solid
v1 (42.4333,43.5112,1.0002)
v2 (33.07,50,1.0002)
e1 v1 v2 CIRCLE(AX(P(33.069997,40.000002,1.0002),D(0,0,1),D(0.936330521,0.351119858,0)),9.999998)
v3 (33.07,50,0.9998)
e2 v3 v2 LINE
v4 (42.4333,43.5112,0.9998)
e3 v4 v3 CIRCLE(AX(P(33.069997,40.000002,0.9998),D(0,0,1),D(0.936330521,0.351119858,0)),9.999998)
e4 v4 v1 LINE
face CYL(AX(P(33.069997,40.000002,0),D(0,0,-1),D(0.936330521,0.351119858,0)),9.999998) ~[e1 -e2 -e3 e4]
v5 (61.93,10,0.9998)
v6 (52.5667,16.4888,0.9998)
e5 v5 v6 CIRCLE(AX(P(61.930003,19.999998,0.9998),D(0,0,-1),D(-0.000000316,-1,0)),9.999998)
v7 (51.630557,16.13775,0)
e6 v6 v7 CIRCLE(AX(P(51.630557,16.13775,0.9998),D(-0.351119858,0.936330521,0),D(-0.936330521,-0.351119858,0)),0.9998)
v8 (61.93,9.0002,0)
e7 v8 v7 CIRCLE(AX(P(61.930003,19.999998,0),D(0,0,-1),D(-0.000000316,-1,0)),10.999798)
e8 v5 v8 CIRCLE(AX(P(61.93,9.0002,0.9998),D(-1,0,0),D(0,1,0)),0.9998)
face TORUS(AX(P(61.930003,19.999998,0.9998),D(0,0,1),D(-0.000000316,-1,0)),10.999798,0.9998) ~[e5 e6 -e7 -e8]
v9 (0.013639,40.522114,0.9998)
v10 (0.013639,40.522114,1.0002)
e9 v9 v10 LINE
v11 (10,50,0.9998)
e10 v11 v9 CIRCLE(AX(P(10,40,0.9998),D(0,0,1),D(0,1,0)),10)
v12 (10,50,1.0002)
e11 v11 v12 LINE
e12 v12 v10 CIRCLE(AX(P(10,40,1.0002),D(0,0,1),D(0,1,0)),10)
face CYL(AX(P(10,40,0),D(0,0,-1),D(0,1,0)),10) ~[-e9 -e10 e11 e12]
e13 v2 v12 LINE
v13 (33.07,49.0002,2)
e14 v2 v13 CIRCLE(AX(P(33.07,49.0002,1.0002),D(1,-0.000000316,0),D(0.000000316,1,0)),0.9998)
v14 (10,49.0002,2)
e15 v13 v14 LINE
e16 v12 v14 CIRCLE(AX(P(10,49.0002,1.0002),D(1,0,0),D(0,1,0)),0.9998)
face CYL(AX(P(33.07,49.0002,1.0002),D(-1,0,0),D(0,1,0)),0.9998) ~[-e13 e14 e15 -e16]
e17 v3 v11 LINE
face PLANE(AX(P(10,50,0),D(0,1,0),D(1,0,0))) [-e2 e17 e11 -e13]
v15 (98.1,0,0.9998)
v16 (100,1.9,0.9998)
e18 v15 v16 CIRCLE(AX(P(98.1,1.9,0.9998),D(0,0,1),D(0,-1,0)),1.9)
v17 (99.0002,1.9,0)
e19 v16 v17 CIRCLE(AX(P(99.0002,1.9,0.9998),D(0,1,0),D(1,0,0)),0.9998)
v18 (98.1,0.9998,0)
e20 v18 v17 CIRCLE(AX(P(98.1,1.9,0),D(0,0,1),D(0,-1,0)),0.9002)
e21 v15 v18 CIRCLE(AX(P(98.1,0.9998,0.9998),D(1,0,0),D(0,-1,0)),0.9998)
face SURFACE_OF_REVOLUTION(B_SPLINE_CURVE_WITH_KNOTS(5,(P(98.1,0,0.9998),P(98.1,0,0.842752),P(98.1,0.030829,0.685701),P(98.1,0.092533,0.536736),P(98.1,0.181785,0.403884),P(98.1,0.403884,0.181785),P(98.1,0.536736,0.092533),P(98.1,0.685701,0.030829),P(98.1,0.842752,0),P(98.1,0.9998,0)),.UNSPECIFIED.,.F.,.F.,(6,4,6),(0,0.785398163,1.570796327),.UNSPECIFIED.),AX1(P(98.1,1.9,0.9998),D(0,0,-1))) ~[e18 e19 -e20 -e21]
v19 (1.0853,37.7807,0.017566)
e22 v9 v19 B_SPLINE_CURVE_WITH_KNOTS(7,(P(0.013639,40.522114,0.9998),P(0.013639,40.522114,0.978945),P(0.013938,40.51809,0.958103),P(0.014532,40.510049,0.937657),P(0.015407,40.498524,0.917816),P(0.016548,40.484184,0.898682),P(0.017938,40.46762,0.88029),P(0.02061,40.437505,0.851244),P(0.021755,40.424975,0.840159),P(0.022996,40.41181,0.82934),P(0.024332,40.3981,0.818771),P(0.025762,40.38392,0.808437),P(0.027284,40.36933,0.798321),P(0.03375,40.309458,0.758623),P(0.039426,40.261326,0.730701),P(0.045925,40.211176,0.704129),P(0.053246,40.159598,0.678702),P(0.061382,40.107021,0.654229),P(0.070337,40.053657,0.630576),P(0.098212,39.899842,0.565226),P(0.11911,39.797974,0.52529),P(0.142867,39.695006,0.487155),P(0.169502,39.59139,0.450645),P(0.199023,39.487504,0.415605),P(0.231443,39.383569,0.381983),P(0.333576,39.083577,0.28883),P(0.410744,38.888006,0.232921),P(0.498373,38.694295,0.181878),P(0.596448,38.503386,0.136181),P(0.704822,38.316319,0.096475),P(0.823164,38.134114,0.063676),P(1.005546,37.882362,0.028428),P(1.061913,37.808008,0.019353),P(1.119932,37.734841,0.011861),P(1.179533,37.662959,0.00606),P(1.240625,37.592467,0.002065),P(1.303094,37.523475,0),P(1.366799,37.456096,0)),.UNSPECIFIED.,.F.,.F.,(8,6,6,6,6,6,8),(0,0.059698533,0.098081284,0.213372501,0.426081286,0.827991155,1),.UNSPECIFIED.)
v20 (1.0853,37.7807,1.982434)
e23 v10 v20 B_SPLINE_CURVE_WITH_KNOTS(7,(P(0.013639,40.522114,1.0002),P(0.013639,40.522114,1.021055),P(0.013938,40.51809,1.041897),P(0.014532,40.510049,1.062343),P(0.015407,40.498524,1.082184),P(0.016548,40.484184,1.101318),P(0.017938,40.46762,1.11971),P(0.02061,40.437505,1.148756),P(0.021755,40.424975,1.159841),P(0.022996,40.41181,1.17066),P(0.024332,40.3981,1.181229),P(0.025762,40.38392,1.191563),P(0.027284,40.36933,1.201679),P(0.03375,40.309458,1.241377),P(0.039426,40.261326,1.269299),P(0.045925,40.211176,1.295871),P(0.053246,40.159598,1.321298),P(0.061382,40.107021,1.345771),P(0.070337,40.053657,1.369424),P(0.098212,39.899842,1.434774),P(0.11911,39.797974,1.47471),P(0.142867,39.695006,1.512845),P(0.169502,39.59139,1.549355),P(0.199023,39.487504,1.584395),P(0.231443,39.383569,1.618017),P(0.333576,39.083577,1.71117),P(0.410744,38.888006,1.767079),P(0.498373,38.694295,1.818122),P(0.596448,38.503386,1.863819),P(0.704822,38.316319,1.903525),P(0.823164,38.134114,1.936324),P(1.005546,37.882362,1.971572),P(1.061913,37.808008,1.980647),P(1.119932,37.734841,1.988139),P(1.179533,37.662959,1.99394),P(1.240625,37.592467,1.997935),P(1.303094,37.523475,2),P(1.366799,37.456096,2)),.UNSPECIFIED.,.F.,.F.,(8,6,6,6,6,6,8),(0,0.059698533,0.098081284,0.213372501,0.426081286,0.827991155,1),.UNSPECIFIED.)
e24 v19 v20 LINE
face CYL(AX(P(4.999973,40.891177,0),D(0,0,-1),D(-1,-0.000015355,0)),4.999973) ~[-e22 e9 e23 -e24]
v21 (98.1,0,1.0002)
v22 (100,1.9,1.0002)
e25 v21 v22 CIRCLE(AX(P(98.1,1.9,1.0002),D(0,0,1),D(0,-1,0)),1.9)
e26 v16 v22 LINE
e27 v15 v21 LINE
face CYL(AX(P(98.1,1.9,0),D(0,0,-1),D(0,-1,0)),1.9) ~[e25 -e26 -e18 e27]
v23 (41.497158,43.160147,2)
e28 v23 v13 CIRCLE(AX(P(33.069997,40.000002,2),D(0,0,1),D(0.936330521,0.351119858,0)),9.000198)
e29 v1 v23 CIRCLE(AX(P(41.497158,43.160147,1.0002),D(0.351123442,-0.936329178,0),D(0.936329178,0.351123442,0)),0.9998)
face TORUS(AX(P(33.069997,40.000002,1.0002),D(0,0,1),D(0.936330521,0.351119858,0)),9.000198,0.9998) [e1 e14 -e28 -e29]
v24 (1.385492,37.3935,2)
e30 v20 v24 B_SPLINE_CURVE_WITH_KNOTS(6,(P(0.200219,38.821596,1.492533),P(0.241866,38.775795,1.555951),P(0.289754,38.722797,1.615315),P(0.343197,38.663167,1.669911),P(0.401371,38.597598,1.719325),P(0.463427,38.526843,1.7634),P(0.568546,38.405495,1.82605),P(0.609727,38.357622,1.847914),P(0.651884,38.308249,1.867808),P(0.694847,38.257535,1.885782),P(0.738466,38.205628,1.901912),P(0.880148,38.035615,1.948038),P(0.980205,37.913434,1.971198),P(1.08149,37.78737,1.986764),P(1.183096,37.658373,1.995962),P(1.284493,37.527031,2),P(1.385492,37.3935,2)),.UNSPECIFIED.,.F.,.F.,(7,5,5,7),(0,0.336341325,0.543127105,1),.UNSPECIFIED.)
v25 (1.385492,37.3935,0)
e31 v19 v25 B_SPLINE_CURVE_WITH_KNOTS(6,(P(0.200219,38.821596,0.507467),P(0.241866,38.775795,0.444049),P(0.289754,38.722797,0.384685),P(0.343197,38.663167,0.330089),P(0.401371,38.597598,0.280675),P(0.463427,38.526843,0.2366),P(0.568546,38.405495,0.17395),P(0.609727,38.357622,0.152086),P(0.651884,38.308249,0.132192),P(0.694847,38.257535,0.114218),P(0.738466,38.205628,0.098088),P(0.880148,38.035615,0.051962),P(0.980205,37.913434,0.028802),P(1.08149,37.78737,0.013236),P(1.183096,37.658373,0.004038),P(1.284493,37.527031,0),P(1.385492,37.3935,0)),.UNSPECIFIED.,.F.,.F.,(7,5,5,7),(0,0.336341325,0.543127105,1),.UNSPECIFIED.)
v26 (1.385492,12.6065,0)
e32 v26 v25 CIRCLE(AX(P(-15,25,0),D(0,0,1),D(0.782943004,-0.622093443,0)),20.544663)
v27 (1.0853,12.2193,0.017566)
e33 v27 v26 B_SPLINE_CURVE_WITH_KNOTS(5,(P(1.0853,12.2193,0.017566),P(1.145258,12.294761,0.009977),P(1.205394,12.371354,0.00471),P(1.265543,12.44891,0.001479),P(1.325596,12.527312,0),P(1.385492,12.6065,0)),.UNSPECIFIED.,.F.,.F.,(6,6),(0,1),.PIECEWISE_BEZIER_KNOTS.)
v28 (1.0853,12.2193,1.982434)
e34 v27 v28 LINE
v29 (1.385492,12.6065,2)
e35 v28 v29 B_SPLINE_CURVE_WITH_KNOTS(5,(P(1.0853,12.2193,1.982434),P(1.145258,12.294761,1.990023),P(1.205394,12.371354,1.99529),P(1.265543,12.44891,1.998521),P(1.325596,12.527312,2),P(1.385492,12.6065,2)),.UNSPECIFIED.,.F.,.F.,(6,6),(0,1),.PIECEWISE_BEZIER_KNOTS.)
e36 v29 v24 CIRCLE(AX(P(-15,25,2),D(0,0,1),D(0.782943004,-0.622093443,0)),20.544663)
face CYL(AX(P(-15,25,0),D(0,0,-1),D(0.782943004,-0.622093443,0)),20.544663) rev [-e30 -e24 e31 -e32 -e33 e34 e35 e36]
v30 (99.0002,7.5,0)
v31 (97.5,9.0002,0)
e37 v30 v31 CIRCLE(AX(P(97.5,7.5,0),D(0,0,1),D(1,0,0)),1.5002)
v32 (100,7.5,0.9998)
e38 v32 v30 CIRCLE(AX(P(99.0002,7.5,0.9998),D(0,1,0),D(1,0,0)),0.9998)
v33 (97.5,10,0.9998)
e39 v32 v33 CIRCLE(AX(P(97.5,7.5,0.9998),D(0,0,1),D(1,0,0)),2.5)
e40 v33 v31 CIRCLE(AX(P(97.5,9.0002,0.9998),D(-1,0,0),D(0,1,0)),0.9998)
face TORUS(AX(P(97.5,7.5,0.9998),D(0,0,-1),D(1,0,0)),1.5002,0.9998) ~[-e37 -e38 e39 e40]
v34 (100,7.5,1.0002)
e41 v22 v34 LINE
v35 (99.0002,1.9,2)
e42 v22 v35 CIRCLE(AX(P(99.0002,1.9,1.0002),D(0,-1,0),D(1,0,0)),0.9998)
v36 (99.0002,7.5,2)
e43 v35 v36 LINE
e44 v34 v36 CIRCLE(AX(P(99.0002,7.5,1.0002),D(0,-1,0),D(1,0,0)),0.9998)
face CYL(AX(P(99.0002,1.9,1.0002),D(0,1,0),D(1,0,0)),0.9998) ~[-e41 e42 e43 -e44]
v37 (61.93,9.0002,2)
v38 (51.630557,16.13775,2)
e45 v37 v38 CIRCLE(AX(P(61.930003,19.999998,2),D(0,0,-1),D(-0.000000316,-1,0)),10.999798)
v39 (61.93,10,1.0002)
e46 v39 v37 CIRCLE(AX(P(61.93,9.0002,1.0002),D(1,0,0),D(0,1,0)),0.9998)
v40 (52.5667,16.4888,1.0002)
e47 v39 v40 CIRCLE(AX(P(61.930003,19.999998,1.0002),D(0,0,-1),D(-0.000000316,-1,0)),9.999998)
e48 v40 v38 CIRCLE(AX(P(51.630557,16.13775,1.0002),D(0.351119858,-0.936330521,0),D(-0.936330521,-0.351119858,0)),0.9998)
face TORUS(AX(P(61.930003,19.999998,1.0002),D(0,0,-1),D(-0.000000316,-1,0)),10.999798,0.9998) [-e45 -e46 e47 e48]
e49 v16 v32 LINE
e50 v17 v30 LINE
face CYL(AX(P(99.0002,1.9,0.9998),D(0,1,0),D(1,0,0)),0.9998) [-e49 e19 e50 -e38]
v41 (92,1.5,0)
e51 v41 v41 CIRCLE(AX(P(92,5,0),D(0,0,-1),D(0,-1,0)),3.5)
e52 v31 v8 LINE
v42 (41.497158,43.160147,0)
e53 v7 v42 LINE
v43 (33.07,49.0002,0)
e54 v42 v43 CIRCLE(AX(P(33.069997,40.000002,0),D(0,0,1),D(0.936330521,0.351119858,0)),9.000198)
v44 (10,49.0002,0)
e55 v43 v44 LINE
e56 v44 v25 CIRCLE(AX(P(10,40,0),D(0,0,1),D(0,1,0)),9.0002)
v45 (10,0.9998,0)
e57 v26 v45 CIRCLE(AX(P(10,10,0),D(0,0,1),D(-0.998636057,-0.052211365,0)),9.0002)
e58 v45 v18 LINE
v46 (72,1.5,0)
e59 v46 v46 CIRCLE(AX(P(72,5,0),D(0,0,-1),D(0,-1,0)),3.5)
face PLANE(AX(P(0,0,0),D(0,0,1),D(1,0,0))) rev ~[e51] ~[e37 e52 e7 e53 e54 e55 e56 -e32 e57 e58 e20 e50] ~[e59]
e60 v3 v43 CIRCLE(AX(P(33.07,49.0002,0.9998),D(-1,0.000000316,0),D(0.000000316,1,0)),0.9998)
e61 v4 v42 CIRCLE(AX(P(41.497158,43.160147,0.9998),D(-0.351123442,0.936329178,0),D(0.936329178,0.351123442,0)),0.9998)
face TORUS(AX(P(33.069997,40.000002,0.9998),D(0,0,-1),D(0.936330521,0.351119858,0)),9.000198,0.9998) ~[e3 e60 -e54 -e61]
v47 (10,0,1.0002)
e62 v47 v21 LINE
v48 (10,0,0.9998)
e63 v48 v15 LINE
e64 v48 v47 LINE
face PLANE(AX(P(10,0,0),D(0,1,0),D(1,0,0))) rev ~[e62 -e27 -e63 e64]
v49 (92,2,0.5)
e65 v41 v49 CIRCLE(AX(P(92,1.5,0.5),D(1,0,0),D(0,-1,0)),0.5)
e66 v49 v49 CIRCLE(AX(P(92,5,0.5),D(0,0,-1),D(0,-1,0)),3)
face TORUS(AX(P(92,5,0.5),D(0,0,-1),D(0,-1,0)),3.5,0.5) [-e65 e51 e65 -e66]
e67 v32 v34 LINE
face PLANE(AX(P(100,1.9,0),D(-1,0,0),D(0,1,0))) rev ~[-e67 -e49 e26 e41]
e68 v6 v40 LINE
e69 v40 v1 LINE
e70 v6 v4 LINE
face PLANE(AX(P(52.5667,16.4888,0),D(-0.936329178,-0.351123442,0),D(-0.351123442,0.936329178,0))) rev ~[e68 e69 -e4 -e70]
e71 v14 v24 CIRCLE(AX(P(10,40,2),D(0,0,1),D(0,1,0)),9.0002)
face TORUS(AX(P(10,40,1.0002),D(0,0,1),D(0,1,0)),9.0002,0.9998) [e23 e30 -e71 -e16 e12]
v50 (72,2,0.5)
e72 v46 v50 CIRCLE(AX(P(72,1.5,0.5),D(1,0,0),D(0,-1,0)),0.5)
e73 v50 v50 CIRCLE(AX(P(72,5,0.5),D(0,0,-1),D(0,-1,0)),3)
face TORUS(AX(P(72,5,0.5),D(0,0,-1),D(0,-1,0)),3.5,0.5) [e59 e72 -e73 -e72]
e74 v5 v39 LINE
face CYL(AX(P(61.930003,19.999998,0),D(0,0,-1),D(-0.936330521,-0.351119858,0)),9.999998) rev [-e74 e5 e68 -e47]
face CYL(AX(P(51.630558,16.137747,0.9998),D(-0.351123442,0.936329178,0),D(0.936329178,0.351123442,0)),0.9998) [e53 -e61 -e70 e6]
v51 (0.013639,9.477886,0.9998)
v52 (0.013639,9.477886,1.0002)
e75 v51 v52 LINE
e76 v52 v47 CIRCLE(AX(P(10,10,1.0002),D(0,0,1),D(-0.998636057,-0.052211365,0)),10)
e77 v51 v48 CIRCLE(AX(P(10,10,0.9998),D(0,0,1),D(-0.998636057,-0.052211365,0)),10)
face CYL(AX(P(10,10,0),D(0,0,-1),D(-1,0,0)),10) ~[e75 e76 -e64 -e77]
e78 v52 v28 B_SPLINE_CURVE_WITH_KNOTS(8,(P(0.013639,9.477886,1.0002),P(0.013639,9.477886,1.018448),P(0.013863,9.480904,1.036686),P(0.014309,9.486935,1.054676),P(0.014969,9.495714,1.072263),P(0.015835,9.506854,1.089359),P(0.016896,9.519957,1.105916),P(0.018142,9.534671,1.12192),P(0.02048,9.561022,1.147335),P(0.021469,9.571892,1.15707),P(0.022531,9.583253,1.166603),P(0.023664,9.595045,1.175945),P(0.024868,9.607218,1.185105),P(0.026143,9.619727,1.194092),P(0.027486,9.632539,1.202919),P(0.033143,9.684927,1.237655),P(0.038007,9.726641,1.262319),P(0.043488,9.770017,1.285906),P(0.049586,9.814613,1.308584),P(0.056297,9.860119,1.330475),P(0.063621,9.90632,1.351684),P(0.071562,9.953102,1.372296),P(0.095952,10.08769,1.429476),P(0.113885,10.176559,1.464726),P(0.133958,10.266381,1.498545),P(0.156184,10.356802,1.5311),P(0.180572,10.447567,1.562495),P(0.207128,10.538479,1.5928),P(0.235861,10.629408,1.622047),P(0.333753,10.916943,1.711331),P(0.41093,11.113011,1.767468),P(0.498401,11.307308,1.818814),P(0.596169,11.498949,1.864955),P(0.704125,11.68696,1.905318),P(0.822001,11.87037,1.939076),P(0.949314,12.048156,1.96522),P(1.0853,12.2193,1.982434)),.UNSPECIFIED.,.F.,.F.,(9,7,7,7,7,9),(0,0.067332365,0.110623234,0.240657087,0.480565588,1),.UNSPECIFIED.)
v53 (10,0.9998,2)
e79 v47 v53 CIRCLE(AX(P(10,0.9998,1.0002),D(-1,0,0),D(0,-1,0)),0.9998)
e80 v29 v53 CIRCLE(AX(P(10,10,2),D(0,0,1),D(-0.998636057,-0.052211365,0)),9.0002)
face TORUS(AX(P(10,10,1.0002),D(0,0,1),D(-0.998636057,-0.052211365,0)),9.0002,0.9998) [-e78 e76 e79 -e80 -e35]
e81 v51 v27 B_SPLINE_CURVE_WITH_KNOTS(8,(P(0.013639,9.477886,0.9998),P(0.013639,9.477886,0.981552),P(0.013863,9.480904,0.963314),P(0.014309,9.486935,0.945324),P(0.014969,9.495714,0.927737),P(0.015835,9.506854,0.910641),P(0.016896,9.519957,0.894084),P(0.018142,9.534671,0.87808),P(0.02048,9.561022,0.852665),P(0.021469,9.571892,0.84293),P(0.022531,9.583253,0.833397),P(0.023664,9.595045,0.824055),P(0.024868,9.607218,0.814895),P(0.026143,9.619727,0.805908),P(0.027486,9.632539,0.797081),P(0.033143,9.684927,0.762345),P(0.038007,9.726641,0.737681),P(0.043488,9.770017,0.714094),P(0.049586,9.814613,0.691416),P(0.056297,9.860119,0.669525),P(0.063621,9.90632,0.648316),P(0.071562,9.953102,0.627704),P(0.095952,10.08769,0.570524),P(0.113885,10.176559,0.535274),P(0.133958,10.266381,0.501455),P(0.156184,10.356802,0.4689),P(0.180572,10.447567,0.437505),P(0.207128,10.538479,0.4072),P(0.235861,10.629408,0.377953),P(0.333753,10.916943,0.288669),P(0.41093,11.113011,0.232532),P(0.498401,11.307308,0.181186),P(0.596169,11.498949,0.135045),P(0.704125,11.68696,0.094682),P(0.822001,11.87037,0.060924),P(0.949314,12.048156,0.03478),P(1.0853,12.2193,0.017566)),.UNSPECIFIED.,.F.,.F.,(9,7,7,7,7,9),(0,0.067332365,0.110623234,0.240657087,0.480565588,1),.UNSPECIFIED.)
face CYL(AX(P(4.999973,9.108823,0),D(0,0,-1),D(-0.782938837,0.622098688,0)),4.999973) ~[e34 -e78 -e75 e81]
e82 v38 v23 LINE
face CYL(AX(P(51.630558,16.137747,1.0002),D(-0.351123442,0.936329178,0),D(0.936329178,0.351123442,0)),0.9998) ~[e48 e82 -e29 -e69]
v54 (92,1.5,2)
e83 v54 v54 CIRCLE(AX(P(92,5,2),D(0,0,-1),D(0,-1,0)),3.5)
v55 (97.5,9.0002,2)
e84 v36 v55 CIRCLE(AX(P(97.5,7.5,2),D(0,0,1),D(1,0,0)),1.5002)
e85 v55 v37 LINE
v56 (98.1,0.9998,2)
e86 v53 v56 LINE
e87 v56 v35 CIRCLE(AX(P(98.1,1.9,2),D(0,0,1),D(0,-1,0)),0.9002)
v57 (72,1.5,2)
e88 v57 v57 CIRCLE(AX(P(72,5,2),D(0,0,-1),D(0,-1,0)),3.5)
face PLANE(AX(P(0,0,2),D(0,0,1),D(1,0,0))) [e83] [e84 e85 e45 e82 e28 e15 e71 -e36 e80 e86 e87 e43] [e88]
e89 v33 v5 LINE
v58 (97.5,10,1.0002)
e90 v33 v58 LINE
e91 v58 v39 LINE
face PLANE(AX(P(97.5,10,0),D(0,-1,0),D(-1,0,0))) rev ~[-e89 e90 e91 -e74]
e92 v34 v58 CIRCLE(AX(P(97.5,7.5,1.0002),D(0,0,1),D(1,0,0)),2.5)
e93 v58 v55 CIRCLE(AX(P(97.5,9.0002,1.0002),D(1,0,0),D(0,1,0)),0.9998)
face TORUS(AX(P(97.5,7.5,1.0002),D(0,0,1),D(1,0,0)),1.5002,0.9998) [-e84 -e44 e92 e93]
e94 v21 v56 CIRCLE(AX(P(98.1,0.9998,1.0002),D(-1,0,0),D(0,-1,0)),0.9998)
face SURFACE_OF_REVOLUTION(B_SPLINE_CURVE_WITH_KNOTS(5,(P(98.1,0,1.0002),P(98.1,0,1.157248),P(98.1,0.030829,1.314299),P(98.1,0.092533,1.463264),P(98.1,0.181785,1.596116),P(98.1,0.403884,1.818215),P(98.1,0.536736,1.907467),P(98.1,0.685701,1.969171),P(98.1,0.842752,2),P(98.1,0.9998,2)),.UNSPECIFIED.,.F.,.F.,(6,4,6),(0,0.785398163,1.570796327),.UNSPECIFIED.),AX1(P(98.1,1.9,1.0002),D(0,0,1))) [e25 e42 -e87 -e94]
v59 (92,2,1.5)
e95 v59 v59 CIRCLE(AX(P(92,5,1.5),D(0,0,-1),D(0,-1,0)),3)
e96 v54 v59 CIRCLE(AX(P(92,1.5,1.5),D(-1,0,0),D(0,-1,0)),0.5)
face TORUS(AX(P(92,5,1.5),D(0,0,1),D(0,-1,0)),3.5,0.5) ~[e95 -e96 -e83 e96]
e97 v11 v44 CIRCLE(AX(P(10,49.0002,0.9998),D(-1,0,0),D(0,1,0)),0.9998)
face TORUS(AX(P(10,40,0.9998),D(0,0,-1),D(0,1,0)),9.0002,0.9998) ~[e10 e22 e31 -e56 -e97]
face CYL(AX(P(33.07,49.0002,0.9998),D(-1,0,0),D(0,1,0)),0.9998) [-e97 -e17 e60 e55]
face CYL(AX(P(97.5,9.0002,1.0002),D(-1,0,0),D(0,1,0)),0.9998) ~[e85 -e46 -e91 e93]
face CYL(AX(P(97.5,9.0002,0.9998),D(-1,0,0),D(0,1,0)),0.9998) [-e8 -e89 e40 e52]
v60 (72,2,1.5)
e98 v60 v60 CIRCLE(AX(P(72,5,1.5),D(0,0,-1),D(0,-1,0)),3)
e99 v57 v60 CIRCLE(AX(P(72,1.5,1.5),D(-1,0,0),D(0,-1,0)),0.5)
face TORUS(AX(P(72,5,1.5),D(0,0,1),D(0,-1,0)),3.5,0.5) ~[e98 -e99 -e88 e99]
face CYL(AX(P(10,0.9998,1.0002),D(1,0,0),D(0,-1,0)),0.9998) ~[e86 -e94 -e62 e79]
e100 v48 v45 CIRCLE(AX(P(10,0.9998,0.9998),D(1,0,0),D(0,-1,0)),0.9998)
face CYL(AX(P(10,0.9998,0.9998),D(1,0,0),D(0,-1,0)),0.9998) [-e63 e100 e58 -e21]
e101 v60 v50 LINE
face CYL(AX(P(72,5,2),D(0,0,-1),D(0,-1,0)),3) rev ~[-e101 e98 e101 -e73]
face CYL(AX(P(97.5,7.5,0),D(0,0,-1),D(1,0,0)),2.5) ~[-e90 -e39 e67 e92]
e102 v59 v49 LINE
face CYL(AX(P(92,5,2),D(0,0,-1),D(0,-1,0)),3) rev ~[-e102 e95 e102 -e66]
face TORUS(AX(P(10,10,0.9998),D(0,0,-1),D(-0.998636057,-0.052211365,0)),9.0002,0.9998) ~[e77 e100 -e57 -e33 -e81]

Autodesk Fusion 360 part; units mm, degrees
sketch "Sketch1" plane through (0, 0, 0) normal (0, 0, 1) x (1, 0, 0)
  line L0 (10, 0) -> (55, 0)
  line L1 (55, 0) -> (98.1, 0)
  line L2 (100, 1.9) -> (100, 7.5)
  line L3 (97.5, 10) -> (61.93, 10)
  line L4 (52.5667, 16.4888) -> (42.4333, 43.5112)
  line L5 (10, 50) -> (33.07, 50)
  arc A0 (10, 50) -> (0, 40) centre (10, 40) ccw
  arc A1 (0, 10) -> (10, 0) centre (10, 10) ccw
  arc A2 (42.4333, 43.5112) -> (33.07, 50) centre (33.07, 40) ccw
  arc A3 (52.5667, 16.4888) -> (61.93, 10) centre (61.93, 20) ccw
  arc A4 (100, 7.5) -> (97.5, 10) centre (97.5, 7.5) ccw
  arc A5 (98.1, 0) -> (100, 1.9) centre (98.1, 1.9) ccw
  arc A6 (1.0853, 12.2193) -> (1.0853, 37.7807) centre (-15, 25) ccw
  line L6 (0, 40) -> (0, 40.8911)
  line L7 (0, 9.1089) -> (0, 10)
  arc A7 (0, 40.8911) -> (1.0853, 37.7807) centre (5, 40.8911) ccw
  arc A8 (1.0853, 12.2193) -> (0, 9.1089) centre (5, 9.1089) ccw
  point P0 (100, 0)
  point P1 (55, 10)
  dimension "d1" = 55
  dimension "d2" = 45
  dimension "d3" = 10
  dimension "d4" = 10
  dimension "d5" = 10
  dimension "d6" = 10
  dimension "d7" = 10
  dimension "d8" = 2.5
  dimension "d9" = 1.9
  dimension "d10" = 5
  dimension "d11" = 5
extrude "Extrude1" add sketch "Sketch1" along normal blind 2 contours L0 L1 L2 L3 L4 L5 A0 A1 A2 A3 A4 A5 A6 A7 A8
sketch "Sketch2" plane through (0, 0, 2) normal (0, 0, 1) x (-1, 0, 0)
  arc A0 (-10, -50) -> (-0.0136, -40.5221) centre (-10, -40) ccw
  arc A1 (-0.0136, -40.5221) -> (-1.0853, -37.7807) centre (-5, -40.8911) ccw
  arc A2 (-1.0853, -12.2193) -> (-1.0853, -37.7807) centre (15, -25) ccw
  arc A3 (-1.0853, -12.2193) -> (-0.0136, -9.4779) centre (-5, -9.1089) ccw
  arc A4 (-0.0136, -9.4779) -> (-10, 0) centre (-10, -10) ccw
  line L0 (-10, 0) -> (-98.1, 0)
  arc A5 (-98.1, 0) -> (-100, -1.9) centre (-98.1, -1.9) ccw
  line L1 (-100, -1.9) -> (-100, -7.5)
  arc A6 (-100, -7.5) -> (-97.5, -10) centre (-97.5, -7.5) ccw
  line L2 (-97.5, -10) -> (-61.93, -10)
  arc A7 (-52.5667, -16.4888) -> (-61.93, -10) centre (-61.93, -20) ccw
  line L3 (-52.5667, -16.4888) -> (-42.4333, -43.5112)
  arc A8 (-42.4333, -43.5112) -> (-33.07, -50) centre (-33.07, -40) ccw
  line L4 (-33.07, -50) -> (-10, -50)
  line L5 (-100, 0) -> (-92, 0)
  line L6 (-92, 0) -> (-92, -5)
  line L7 (-92, -5) -> (-100, -5)
  line L8 (-100, -5) -> (-100, 0)
  dimension "d14" = 8
  dimension "d15" = 5
hole "Hole1" at (92, 5, 2) direction (0, 0, -1) diameter 6 depth 11 tip angle 118
sketch "Sketch3" plane through (0, 0, 2) normal (0, 0, 1) x (-1, 0, 0)
  circle A0 centre (-92, -5) radius 3
  arc A1 (-10, -50) -> (-0.0136, -40.5221) centre (-10, -40) ccw
  arc A2 (-0.0136, -40.5221) -> (-1.0853, -37.7807) centre (-5, -40.8911) ccw
  arc A3 (-1.0853, -12.2193) -> (-1.0853, -37.7807) centre (15, -25) ccw
  arc A4 (-1.0853, -12.2193) -> (-0.0136, -9.4779) centre (-5, -9.1089) ccw
  arc A5 (-0.0136, -9.4779) -> (-10, 0) centre (-10, -10) ccw
  line L0 (-10, 0) -> (-98.1, 0)
  arc A6 (-98.1, 0) -> (-100, -1.9) centre (-98.1, -1.9) ccw
  line L1 (-100, -1.9) -> (-100, -7.5)
  arc A7 (-100, -7.5) -> (-97.5, -10) centre (-97.5, -7.5) ccw
  line L2 (-97.5, -10) -> (-61.93, -10)
  arc A8 (-52.5667, -16.4888) -> (-61.93, -10) centre (-61.93, -20) ccw
  line L3 (-52.5667, -16.4888) -> (-42.4333, -43.5112)
  arc A9 (-42.4333, -43.5112) -> (-33.07, -50) centre (-33.07, -40) ccw
  line L4 (-33.07, -50) -> (-10, -50)
  line L5 (-100, 0) -> (-72, 0)
  line L6 (-72, 0) -> (-72, -5)
  line L7 (-72, -5) -> (-100, -5)
  line L8 (-100, -5) -> (-100, 0)
  dimension "d19" = 28
  dimension "d20" = 5
hole "Hole2" at (72, 5, 2) direction (0, 0, -1) diameter 6 depth 11 tip angle 118
fillet "Fillet1" radius 1 22 edges at (3.116, 2.7467, 2) (54.05, 0, 2) (99.4435, 0.5565, 2) (100, 4.7, 2) (99.2678, 9.2678, 2) (79.715, 10, 2) (56.2341, 11.7807, 2) (47.5, 30, 2) (38.7659, 48.2193, 2) (21.535, 50, 2) (3.116, 47.2533, 2) (3.116, 2.7467, 0) (54.05, 0, 0) (99.4435, 0.5565, 0) (100, 4.7, 0) (99.2678, 9.2678, 0) (79.715, 10, 0) (56.2341, 11.7807, 0) (47.5, 30, 0) (38.7659, 48.2193, 0) (21.535, 50, 0) (3.116, 47.2533, 0)
fillet "Fillet2" radius 0.5 4 edges at (69.203, 3.9152, 0) (69.203, 6.0848, 2) (89.203, 3.9152, 0) (89.203, 6.0848, 2)
sketch "Sketch4" plane through (0, 0, 0) normal (0, 0, 1) x (1, 0, 0)
